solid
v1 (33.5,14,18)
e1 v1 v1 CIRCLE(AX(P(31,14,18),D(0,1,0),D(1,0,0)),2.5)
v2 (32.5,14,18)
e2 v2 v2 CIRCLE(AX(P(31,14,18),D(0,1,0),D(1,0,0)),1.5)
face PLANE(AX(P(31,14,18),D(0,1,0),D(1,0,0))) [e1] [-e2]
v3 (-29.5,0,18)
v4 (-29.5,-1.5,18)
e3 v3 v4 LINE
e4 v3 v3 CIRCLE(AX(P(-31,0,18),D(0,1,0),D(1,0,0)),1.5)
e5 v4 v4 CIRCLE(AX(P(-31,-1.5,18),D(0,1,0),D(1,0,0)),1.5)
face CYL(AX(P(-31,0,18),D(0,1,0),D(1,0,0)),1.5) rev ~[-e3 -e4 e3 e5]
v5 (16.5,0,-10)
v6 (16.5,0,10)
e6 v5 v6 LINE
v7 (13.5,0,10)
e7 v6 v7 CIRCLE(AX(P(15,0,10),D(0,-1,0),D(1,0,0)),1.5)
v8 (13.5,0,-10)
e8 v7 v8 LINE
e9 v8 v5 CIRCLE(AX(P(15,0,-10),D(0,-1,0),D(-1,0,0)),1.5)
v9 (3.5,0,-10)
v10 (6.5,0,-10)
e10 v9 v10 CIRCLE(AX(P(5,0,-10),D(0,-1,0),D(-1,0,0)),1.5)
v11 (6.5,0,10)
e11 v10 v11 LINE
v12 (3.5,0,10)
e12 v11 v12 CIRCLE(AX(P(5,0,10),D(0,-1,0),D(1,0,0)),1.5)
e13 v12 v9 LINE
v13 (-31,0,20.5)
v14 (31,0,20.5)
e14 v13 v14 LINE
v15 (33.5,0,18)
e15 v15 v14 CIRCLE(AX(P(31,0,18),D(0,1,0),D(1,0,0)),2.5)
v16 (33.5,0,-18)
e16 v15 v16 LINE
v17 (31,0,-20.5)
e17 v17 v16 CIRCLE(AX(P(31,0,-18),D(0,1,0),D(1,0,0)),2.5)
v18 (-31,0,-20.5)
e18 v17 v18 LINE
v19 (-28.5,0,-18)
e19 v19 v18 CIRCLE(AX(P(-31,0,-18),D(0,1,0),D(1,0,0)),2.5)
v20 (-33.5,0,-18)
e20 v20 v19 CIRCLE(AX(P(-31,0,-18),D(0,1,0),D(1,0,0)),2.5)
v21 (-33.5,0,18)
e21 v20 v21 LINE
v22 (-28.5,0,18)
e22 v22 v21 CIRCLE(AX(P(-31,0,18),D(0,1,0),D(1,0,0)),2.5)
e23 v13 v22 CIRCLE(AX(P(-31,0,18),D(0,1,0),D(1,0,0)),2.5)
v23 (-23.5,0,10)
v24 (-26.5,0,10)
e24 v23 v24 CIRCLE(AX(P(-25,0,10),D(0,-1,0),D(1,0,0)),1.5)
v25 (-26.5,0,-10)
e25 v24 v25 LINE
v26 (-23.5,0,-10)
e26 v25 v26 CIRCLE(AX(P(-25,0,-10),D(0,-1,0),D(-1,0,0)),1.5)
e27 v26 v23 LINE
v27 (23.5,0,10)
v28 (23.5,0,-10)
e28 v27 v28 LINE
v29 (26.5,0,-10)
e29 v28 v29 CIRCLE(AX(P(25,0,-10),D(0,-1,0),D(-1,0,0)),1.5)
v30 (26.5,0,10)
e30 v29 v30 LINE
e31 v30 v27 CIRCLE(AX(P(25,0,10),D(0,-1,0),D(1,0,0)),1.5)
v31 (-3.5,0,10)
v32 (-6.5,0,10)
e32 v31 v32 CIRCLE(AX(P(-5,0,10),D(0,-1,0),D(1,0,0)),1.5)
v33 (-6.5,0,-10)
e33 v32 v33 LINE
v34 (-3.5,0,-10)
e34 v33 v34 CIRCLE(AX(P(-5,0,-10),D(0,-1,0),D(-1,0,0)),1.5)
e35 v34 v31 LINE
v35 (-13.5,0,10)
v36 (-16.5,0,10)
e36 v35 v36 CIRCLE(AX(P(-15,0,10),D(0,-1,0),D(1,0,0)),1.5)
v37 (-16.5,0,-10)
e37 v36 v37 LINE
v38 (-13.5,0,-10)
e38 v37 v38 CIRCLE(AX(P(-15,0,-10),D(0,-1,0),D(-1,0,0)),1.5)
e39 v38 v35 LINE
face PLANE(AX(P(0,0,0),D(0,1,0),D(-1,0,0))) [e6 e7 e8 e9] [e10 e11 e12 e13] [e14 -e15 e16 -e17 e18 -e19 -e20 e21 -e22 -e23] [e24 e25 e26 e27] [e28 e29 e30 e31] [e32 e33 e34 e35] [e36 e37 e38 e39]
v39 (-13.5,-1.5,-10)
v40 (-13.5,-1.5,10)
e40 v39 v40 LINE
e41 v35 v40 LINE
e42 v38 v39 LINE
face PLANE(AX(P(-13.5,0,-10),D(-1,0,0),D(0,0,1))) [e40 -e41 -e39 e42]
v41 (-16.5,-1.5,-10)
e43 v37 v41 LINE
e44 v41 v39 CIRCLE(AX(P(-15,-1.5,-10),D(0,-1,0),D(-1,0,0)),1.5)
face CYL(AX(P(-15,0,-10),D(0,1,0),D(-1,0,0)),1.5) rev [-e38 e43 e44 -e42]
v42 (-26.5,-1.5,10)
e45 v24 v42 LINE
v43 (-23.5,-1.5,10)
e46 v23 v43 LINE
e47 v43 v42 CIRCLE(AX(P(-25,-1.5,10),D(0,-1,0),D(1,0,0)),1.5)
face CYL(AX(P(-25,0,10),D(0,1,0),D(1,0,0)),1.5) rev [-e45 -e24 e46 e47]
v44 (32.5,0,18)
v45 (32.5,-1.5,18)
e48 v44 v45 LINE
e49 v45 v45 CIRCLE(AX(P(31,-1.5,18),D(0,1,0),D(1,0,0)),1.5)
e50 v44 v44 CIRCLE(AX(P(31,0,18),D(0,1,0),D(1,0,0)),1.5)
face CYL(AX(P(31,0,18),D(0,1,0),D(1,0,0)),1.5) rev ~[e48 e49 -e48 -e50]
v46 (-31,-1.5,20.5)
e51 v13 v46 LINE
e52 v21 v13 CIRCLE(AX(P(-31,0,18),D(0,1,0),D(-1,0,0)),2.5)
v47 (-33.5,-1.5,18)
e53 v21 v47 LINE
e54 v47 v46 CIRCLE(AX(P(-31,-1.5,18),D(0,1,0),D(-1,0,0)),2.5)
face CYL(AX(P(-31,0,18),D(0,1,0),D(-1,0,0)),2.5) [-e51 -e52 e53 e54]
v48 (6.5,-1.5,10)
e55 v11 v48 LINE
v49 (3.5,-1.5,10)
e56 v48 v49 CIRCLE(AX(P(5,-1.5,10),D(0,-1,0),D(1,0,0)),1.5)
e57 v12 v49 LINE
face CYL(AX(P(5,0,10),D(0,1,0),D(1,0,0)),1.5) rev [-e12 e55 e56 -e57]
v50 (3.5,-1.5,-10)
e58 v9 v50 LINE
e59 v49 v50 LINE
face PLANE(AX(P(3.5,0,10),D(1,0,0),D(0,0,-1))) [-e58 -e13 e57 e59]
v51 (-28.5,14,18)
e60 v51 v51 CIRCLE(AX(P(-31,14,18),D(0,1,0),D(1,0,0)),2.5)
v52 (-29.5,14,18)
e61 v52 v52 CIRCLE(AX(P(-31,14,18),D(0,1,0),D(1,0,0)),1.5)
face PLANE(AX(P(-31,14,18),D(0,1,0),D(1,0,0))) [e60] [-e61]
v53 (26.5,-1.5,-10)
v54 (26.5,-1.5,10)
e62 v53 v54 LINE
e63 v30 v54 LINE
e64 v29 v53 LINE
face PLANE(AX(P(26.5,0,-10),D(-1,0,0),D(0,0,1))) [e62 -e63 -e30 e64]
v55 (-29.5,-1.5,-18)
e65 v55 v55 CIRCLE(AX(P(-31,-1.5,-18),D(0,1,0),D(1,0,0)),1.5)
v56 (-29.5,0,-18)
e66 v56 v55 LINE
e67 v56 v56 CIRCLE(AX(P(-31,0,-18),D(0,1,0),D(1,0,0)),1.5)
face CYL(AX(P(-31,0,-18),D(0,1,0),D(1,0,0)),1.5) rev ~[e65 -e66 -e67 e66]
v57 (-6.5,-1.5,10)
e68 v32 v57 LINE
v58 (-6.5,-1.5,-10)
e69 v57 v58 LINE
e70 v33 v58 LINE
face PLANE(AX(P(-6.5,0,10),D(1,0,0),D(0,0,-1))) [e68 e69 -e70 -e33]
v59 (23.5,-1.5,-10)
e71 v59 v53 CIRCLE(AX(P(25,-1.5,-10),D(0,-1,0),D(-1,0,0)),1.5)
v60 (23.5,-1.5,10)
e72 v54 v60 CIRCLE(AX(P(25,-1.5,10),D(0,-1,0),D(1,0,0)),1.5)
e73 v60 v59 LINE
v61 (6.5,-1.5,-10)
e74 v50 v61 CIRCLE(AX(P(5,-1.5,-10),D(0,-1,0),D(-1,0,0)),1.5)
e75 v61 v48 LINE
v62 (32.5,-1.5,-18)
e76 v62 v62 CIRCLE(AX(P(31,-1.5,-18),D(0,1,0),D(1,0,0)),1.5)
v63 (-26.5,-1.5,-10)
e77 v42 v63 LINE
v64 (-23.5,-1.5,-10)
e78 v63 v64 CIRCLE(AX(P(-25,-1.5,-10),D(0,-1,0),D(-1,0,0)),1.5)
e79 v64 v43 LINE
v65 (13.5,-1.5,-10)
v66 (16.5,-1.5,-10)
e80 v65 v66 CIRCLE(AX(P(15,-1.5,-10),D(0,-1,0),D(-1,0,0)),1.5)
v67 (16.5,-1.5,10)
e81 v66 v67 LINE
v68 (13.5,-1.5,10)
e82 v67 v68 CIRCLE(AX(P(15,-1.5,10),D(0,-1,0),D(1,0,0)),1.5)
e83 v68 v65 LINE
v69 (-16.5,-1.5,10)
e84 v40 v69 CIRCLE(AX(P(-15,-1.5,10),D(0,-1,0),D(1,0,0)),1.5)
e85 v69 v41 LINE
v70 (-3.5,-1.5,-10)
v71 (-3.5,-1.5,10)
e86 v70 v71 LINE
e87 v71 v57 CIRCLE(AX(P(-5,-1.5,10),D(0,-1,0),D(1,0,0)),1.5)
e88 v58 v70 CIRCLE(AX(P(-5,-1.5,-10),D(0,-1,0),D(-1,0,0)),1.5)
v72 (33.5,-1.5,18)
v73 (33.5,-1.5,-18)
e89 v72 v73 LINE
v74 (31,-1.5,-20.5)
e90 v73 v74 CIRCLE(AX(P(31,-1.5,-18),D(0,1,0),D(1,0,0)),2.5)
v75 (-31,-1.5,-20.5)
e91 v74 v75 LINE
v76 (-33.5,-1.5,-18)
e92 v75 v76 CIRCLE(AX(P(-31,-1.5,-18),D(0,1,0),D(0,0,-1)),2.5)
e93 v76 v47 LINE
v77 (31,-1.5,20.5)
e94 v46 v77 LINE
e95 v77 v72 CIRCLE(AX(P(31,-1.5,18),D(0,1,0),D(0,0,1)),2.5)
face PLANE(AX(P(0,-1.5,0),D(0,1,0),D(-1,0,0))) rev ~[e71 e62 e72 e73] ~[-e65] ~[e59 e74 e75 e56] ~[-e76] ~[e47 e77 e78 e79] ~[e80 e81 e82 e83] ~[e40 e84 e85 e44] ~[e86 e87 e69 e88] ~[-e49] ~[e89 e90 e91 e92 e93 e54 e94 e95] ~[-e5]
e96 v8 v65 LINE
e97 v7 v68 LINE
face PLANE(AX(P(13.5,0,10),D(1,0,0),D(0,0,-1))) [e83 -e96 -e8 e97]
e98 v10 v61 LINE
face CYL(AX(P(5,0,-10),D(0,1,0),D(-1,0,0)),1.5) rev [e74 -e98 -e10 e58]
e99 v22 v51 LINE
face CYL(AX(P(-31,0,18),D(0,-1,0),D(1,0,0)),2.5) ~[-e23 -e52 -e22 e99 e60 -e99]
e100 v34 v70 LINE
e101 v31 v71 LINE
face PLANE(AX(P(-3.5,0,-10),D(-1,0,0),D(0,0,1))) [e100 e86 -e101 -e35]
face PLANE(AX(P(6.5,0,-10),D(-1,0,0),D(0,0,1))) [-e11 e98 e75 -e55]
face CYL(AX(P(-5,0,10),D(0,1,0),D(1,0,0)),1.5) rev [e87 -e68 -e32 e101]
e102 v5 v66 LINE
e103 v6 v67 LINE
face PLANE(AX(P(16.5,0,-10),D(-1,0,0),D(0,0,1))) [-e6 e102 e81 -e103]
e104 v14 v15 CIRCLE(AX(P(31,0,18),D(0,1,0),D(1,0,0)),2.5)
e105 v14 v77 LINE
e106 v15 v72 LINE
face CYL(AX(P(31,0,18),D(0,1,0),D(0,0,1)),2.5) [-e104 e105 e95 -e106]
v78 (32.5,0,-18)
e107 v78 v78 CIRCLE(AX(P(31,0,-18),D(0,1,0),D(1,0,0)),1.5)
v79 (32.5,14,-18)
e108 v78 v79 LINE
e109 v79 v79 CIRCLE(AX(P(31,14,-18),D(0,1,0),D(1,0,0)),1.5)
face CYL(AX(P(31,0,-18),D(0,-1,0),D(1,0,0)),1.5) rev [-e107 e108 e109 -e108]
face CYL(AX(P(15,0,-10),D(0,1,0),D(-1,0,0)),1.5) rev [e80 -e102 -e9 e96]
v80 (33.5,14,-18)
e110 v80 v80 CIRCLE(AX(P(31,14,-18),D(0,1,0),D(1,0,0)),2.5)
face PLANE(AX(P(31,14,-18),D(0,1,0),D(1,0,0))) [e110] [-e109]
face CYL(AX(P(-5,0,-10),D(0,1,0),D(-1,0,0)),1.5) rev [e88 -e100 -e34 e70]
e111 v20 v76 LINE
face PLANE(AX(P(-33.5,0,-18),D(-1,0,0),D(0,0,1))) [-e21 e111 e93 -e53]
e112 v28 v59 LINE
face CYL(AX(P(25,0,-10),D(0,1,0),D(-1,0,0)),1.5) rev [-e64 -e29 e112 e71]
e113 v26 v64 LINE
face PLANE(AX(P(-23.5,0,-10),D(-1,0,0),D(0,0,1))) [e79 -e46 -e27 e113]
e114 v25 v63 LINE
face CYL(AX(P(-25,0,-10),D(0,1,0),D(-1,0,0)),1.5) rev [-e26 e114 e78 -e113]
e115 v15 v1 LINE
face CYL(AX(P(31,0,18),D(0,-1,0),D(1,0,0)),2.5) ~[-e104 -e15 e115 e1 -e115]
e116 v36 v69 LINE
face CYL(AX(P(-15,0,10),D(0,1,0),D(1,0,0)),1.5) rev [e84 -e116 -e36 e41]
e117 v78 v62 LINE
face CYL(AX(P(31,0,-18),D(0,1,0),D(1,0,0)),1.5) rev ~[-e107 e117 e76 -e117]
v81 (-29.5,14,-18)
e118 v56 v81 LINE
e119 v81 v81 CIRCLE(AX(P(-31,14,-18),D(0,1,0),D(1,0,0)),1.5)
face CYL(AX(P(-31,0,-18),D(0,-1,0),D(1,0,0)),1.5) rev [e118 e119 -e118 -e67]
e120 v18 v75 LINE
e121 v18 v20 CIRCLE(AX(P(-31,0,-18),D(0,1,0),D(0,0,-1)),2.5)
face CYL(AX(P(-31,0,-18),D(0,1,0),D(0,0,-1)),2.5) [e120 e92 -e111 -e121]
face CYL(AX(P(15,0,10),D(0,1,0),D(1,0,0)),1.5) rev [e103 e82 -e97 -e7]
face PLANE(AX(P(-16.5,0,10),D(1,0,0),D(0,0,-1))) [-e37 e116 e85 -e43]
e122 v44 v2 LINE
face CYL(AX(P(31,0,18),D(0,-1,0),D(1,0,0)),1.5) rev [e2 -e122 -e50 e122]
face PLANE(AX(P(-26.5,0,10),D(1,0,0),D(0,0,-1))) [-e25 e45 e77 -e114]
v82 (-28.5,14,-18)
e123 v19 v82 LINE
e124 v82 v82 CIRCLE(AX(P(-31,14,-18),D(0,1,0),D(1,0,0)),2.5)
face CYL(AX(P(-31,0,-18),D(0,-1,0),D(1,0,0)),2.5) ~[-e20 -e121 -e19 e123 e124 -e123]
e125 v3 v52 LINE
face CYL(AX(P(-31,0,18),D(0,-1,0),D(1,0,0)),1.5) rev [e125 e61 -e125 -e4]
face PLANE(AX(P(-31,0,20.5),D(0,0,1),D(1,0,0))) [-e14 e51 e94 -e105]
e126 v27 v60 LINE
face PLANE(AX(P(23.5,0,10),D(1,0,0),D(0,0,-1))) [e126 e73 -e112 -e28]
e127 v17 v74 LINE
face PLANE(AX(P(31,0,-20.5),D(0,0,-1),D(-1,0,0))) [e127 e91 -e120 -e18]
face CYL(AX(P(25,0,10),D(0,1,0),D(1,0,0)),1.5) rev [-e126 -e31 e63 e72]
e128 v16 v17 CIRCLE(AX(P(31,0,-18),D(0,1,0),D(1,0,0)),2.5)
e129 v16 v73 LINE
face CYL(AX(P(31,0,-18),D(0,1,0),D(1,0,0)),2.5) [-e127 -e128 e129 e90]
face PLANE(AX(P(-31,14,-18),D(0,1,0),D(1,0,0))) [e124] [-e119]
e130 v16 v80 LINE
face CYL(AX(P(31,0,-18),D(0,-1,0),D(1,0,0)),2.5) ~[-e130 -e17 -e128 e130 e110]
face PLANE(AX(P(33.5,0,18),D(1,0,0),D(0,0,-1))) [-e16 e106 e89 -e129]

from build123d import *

# Parameters (mm, degrees)
SKETCH3_R             = 2.5
SKETCH3_R_2           = 1.5
BOSS_EXTRUDE2_DEPTH   = 14
BOSS_EXTRUDE2_2_DEPTH = 14
BOSS_EXTRUDE2_3_DEPTH = 14
BOSS_EXTRUDE2_4_DEPTH = 14
BOSS_EXTRUDE3_DEPTH   = 1.5
SKETCH5_R             = 1.5
CUT_EXTRUDE1_DEPTH    = 1.5
CUT_EXTRUDE2_DEPTH    = 1.5


with BuildPart() as part:
    # Sketch3 → Boss-Extrude2 (new body)
    with BuildSketch(Plane(origin=(0, 0, 0), x_dir=(1, 0, 0), z_dir=(0, 1, 0))):
        with Locations((-31, 18)):
            Circle(SKETCH3_R)
        with Locations((-31, 18)):
            Circle(SKETCH3_R_2, mode=Mode.SUBTRACT)
    extrude(amount=BOSS_EXTRUDE2_DEPTH)



with BuildPart() as body_2:
    # Sketch3 → Boss-Extrude2 2 (new body)
    with BuildSketch(Plane(origin=(0, 0, 0), x_dir=(1, 0, 0), z_dir=(0, 1, 0))):
        with Locations((31, 18)):
            Circle(SKETCH3_R)
        with Locations((31, 18)):
            Circle(SKETCH3_R_2, mode=Mode.SUBTRACT)
    extrude(amount=BOSS_EXTRUDE2_2_DEPTH)


with BuildPart() as body_3:
    # Sketch3 → Boss-Extrude2 3 (new body)
    with BuildSketch(Plane(origin=(0, 0, 0), x_dir=(1, 0, 0), z_dir=(0, 1, 0))):
        with Locations((31, -18)):
            Circle(SKETCH3_R)
        with Locations((31, -18)):
            Circle(SKETCH3_R_2, mode=Mode.SUBTRACT)
    extrude(amount=BOSS_EXTRUDE2_3_DEPTH)


with BuildPart() as body_4:
    # Sketch3 → Boss-Extrude2 4 (new body)
    with BuildSketch(Plane(origin=(0, 0, 0), x_dir=(1, 0, 0), z_dir=(0, 1, 0))):
        with Locations((-31, -18)):
            Circle(SKETCH3_R)
        with Locations((-31, -18)):
            Circle(SKETCH3_R_2, mode=Mode.SUBTRACT)
    extrude(amount=BOSS_EXTRUDE2_4_DEPTH)


with BuildPart() as part_1:
    add(part.part)

    add(body_2.part)  # Boss-Extrude3 merges body 2

    add(body_3.part)  # Boss-Extrude3 merges body 3

    add(body_4.part)  # Boss-Extrude3 merges body 4
    # Sketch4 → Boss-Extrude3 (add)
    with BuildSketch(Plane.XZ):
        with BuildLine():
            Line((-31, 20.5), (31, 20.5))
            ThreePointArc((31, 20.5), (32.767766953, 19.767766953), (33.5, 18))
            Line((33.5, 18), (33.5, -18))
            ThreePointArc((33.5, -18), (32.767766953, -19.767766953), (31, -20.5))
            Line((31, -20.5), (-31, -20.5))
            ThreePointArc((-31, -20.5), (-32.767766953, -19.767766953), (-33.5, -18))
            Line((-33.5, -18), (-33.5, 18))
            ThreePointArc((-33.5, 18), (-32.767766953, 19.767766953), (-31, 20.5))
        make_face()
    extrude(amount=BOSS_EXTRUDE3_DEPTH)

    # Sketch5 → Cut-Extrude1 (cut)
    with BuildSketch(Plane(origin=(0, 0, 0), x_dir=(1, 0, 0), z_dir=(0, 1, 0))):
        with Locations((31, 18)):
            Circle(SKETCH5_R)
        with Locations((-31, 18)):
            Circle(SKETCH5_R)
        with Locations((-31, -18)):
            Circle(SKETCH5_R)
        with Locations((31, -18)):
            Circle(SKETCH5_R)
    extrude(amount=-CUT_EXTRUDE1_DEPTH, mode=Mode.SUBTRACT)

    # Sketch6 → Cut-Extrude2 (cut)
    with BuildSketch(Plane(origin=(0, 0, 0), x_dir=(1, 0, 0), z_dir=(0, 1, 0))):
        with BuildLine():
            Line((-23.5, 10), (-23.5, -10))
            ThreePointArc((-23.5, -10), (-25, -11.5), (-26.5, -10))
            Line((-26.5, -10), (-26.5, 10))
            ThreePointArc((-26.5, 10), (-25, 11.5), (-23.5, 10))
        make_face()
        with BuildLine():
            Line((-13.5, 10), (-13.5, -10))
            ThreePointArc((-13.5, -10), (-15, -11.5), (-16.5, -10))
            Line((-16.5, -10), (-16.5, 10))
            ThreePointArc((-16.5, 10), (-15, 11.5), (-13.5, 10))
        make_face()
        with BuildLine():
            Line((-3.5, 10), (-3.5, -10))
            ThreePointArc((-3.5, -10), (-5, -11.5), (-6.5, -10))
            Line((-6.5, -10), (-6.5, 10))
            ThreePointArc((-6.5, 10), (-5, 11.5), (-3.5, 10))
        make_face()
        with BuildLine():
            Line((6.5, 10), (6.5, -10))
            ThreePointArc((6.5, -10), (5, -11.5), (3.5, -10))
            Line((3.5, -10), (3.5, 10))
            ThreePointArc((3.5, 10), (5, 11.5), (6.5, 10))
        make_face()
        with BuildLine():
            Line((16.5, 10), (16.5, -10))
            ThreePointArc((16.5, -10), (15, -11.5), (13.5, -10))
            Line((13.5, -10), (13.5, 10))
            ThreePointArc((13.5, 10), (15, 11.5), (16.5, 10))
        make_face()
        with BuildLine():
            Line((26.5, 10), (26.5, -10))
            ThreePointArc((26.5, -10), (25, -11.5), (23.5, -10))
            Line((23.5, -10), (23.5, 10))
            ThreePointArc((23.5, 10), (25, 11.5), (26.5, 10))
        make_face()
    extrude(amount=-CUT_EXTRUDE2_DEPTH, mode=Mode.SUBTRACT)


solid = part_1.part
